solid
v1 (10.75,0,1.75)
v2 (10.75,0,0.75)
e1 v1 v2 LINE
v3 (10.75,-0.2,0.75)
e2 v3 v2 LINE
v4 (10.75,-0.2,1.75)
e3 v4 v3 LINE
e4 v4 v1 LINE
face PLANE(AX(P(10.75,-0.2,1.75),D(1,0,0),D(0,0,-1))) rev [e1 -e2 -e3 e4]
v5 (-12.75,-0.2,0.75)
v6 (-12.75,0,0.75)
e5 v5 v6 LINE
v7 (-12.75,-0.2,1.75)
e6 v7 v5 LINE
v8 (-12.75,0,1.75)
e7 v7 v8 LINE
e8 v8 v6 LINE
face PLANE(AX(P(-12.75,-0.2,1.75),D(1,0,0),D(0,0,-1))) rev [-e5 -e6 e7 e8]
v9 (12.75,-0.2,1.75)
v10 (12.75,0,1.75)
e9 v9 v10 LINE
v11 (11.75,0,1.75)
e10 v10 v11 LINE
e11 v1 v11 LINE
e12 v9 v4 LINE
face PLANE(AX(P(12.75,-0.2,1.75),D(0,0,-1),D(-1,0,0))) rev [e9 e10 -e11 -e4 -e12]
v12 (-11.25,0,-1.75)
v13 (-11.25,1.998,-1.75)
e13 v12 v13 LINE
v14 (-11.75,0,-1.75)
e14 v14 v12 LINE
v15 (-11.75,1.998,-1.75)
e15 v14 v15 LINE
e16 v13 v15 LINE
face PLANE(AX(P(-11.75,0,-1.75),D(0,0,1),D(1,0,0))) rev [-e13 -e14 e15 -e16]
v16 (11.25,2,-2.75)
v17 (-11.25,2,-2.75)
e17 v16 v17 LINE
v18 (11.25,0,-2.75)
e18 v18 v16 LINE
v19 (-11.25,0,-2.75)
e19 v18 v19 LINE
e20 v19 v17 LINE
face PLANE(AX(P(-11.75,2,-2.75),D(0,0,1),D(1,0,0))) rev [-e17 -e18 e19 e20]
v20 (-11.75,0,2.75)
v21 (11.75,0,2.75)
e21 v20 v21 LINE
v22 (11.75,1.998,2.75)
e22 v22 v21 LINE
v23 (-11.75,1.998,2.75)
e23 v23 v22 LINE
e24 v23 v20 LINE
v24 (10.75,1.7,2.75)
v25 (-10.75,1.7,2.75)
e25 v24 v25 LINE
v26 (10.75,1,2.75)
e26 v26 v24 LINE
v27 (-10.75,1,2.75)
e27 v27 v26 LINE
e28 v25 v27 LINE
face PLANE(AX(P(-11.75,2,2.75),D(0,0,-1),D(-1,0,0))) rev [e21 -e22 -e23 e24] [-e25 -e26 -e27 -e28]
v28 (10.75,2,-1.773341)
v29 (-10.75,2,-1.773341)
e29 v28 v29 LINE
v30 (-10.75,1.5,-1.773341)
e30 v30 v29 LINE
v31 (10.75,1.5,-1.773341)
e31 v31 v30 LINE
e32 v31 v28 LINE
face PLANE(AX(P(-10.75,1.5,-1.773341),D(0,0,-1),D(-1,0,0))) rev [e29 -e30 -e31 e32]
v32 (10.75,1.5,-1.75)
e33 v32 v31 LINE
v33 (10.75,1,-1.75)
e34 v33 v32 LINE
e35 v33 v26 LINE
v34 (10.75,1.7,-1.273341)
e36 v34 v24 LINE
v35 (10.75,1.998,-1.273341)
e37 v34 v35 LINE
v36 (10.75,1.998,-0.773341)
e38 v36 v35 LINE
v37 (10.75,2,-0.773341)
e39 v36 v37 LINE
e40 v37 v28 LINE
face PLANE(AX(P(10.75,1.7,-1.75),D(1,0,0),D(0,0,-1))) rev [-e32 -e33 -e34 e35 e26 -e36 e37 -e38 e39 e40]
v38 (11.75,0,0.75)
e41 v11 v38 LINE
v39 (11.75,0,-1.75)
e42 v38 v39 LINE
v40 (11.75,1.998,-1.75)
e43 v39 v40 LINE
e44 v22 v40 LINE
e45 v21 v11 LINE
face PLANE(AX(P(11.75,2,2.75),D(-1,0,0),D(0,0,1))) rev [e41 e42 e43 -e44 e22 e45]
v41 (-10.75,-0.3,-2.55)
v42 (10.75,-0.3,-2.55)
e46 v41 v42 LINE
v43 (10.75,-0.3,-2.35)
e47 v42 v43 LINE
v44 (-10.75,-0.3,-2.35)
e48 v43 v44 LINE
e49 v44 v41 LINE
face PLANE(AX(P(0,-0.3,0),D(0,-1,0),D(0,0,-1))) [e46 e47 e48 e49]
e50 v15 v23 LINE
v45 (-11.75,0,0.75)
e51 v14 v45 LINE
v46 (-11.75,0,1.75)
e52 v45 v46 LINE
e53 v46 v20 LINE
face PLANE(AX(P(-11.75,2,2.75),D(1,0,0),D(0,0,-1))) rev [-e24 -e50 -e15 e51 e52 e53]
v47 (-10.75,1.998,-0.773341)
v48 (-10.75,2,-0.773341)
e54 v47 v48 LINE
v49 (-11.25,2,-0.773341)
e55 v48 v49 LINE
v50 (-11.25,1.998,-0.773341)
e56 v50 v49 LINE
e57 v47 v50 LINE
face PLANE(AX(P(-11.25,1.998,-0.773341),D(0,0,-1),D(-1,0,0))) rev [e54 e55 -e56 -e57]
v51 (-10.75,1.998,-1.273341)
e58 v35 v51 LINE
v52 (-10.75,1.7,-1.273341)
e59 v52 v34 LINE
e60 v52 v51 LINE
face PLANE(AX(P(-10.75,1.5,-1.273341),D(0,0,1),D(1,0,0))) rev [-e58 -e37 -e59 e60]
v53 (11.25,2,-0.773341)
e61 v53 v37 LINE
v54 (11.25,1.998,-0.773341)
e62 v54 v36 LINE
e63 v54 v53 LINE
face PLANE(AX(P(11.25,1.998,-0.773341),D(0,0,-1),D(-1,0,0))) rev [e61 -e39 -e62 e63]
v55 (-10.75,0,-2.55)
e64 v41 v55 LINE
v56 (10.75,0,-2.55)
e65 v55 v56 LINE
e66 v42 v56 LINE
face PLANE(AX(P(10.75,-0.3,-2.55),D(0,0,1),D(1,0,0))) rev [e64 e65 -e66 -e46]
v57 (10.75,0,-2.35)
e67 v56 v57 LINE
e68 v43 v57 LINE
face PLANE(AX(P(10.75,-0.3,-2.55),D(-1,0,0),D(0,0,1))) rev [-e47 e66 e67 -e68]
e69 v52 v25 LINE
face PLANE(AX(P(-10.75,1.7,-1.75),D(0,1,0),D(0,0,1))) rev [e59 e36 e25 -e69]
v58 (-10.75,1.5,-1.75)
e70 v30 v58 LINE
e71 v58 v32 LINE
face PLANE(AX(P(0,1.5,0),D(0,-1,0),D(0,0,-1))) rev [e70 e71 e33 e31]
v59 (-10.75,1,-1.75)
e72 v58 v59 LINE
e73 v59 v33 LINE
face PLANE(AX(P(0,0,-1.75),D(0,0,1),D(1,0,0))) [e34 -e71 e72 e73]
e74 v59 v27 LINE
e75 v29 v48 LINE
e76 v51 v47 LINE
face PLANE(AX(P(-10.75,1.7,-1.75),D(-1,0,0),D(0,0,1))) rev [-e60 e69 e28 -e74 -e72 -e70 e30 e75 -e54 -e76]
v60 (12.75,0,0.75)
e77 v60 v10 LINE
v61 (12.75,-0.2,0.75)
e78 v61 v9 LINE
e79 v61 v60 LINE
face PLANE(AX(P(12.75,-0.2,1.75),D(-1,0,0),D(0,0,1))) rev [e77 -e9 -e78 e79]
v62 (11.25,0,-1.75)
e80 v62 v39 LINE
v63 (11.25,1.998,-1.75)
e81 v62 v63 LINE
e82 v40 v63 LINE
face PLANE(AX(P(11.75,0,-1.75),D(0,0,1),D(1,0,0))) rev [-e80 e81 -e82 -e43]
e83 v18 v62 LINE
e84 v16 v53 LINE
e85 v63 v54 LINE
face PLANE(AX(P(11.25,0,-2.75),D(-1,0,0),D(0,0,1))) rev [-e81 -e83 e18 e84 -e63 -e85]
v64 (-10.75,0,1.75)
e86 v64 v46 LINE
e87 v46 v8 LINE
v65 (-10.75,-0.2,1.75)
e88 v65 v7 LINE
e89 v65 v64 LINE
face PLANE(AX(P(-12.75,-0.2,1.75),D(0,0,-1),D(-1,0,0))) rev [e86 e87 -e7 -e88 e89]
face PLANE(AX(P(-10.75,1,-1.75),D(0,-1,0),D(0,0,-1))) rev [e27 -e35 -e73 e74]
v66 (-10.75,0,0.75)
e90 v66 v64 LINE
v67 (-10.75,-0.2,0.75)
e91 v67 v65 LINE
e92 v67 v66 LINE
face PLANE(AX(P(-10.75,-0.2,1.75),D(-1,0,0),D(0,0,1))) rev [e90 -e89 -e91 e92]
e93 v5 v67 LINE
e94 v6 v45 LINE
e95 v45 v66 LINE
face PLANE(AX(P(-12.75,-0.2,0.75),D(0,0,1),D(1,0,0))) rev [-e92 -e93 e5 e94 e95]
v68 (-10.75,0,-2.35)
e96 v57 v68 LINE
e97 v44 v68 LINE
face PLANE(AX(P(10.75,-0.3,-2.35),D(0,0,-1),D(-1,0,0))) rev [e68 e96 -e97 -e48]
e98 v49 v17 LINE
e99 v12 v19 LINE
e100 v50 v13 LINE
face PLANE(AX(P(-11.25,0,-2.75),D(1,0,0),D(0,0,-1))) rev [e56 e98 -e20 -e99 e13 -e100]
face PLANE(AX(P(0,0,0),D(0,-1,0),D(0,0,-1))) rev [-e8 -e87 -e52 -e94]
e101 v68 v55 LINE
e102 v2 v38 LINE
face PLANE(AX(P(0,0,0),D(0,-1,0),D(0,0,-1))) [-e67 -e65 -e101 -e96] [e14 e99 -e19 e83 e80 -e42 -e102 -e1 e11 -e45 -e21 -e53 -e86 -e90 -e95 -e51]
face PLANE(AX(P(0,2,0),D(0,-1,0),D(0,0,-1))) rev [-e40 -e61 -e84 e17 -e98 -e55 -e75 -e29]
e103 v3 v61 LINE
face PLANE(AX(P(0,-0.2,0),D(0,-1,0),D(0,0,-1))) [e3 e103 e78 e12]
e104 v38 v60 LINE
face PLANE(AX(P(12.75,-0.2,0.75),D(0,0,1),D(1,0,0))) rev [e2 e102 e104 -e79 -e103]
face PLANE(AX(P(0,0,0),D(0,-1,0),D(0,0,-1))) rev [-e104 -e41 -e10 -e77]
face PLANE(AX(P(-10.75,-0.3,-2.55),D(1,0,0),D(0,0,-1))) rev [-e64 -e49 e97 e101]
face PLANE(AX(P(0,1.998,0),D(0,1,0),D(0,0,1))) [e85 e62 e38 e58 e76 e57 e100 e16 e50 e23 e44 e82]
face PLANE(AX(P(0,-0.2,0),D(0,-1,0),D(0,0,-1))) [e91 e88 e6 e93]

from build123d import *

# Parameters (mm, degrees)
SKETCH_1_W          = 23.5
SKETCH_1_H          = 5.5
EXTRUDE_1_DEPTH     = 2
SKETCH_2_W          = 0.5
SKETCH_2_H          = 1
CUT_EXTRUDE_1_DEPTH = 13.232129823
SKETCH_4_W          = 2
SKETCH_4_H          = 1
EXTRUDE_2_DEPTH     = 0.2
SKETCH_5_W          = 21.5
SKETCH_5_H          = 0.2
EXTRUDE_3_DEPTH     = 0.3
SKETCH_6_W          = 21.5
SKETCH_6_H          = 0.7
CUT_EXTRUDE_2_DEPTH = 4.5
CUT_EXTRUDE_3_DEPTH = 0.002
SKETCH_8_W          = 21.5
SKETCH_8_H          = 0.5
CUT_EXTRUDE_4_DEPTH = 0.5


with BuildPart() as part:
    # 草图1 → 凸台-拉伸1 (new body)
    with BuildSketch(Plane(origin=(0, 0, 0), x_dir=(1, 0, 0), z_dir=(0, 1, 0))):
        Rectangle(SKETCH_1_W, SKETCH_1_H)
    extrude(amount=EXTRUDE_1_DEPTH)

    # 草图2 → 切除-拉伸1 (cut, through all)
    with BuildSketch(Plane(origin=(0, 2, 0), x_dir=(1, 0, 0), z_dir=(0, 1, 0))):
        with Locations((-11.5, 2.25)):
            Rectangle(SKETCH_2_W, SKETCH_2_H)
        with Locations((11.5, 2.25)):
            Rectangle(SKETCH_2_W, SKETCH_2_H)
    extrude(amount=-CUT_EXTRUDE_1_DEPTH, mode=Mode.SUBTRACT)

    # 草图4 → 凸台-拉伸2 (add)
    with BuildSketch(Plane.XZ):
        with Locations((-11.75, 1.25)):
            Rectangle(SKETCH_4_W, SKETCH_4_H)
        with Locations((11.75, 1.25)):
            Rectangle(SKETCH_4_W, SKETCH_4_H)
    extrude(amount=EXTRUDE_2_DEPTH)

    # 草图5 → 凸台-拉伸3 (add)
    with BuildSketch(Plane.XZ):
        with Locations((0, -2.45)):
            Rectangle(SKETCH_5_W, SKETCH_5_H)
    extrude(amount=EXTRUDE_3_DEPTH)

    # 草图6 → 切除-拉伸2 (cut)
    with BuildSketch(Plane.XY.offset(2.75)):
        with Locations((0, 1.35)):
            Rectangle(SKETCH_6_W, SKETCH_6_H)
    extrude(amount=-CUT_EXTRUDE_2_DEPTH, mode=Mode.SUBTRACT)

    # 草图7 → 切除-拉伸3 (cut)
    with BuildSketch(Plane(origin=(0, 2, 0), x_dir=(1, 0, 0), z_dir=(0, 1, 0))):
        Polygon((-11.25, 1.75), (-11.25, 0.773341088), (-10.75, 0.773341088), (-10.75, 1.273341088), (10.75, 1.273341088), (10.75, 0.773341088), (11.25, 0.773341088), (11.25, 1.75), (11.75, 1.75), (11.75, -2.75), (-11.75, -2.75), (-11.75, 1.75), align=None)
    extrude(amount=-CUT_EXTRUDE_3_DEPTH, mode=Mode.SUBTRACT)

    # 草图8 → 切除-拉伸4 (cut)
    with BuildSketch(Plane(origin=(0, 2, 0), x_dir=(1, 0, 0), z_dir=(0, 1, 0))):
        with Locations((0, 1.523341088)):
            Rectangle(SKETCH_8_W, SKETCH_8_H)
    extrude(amount=-CUT_EXTRUDE_4_DEPTH, mode=Mode.SUBTRACT)


solid = part.part
